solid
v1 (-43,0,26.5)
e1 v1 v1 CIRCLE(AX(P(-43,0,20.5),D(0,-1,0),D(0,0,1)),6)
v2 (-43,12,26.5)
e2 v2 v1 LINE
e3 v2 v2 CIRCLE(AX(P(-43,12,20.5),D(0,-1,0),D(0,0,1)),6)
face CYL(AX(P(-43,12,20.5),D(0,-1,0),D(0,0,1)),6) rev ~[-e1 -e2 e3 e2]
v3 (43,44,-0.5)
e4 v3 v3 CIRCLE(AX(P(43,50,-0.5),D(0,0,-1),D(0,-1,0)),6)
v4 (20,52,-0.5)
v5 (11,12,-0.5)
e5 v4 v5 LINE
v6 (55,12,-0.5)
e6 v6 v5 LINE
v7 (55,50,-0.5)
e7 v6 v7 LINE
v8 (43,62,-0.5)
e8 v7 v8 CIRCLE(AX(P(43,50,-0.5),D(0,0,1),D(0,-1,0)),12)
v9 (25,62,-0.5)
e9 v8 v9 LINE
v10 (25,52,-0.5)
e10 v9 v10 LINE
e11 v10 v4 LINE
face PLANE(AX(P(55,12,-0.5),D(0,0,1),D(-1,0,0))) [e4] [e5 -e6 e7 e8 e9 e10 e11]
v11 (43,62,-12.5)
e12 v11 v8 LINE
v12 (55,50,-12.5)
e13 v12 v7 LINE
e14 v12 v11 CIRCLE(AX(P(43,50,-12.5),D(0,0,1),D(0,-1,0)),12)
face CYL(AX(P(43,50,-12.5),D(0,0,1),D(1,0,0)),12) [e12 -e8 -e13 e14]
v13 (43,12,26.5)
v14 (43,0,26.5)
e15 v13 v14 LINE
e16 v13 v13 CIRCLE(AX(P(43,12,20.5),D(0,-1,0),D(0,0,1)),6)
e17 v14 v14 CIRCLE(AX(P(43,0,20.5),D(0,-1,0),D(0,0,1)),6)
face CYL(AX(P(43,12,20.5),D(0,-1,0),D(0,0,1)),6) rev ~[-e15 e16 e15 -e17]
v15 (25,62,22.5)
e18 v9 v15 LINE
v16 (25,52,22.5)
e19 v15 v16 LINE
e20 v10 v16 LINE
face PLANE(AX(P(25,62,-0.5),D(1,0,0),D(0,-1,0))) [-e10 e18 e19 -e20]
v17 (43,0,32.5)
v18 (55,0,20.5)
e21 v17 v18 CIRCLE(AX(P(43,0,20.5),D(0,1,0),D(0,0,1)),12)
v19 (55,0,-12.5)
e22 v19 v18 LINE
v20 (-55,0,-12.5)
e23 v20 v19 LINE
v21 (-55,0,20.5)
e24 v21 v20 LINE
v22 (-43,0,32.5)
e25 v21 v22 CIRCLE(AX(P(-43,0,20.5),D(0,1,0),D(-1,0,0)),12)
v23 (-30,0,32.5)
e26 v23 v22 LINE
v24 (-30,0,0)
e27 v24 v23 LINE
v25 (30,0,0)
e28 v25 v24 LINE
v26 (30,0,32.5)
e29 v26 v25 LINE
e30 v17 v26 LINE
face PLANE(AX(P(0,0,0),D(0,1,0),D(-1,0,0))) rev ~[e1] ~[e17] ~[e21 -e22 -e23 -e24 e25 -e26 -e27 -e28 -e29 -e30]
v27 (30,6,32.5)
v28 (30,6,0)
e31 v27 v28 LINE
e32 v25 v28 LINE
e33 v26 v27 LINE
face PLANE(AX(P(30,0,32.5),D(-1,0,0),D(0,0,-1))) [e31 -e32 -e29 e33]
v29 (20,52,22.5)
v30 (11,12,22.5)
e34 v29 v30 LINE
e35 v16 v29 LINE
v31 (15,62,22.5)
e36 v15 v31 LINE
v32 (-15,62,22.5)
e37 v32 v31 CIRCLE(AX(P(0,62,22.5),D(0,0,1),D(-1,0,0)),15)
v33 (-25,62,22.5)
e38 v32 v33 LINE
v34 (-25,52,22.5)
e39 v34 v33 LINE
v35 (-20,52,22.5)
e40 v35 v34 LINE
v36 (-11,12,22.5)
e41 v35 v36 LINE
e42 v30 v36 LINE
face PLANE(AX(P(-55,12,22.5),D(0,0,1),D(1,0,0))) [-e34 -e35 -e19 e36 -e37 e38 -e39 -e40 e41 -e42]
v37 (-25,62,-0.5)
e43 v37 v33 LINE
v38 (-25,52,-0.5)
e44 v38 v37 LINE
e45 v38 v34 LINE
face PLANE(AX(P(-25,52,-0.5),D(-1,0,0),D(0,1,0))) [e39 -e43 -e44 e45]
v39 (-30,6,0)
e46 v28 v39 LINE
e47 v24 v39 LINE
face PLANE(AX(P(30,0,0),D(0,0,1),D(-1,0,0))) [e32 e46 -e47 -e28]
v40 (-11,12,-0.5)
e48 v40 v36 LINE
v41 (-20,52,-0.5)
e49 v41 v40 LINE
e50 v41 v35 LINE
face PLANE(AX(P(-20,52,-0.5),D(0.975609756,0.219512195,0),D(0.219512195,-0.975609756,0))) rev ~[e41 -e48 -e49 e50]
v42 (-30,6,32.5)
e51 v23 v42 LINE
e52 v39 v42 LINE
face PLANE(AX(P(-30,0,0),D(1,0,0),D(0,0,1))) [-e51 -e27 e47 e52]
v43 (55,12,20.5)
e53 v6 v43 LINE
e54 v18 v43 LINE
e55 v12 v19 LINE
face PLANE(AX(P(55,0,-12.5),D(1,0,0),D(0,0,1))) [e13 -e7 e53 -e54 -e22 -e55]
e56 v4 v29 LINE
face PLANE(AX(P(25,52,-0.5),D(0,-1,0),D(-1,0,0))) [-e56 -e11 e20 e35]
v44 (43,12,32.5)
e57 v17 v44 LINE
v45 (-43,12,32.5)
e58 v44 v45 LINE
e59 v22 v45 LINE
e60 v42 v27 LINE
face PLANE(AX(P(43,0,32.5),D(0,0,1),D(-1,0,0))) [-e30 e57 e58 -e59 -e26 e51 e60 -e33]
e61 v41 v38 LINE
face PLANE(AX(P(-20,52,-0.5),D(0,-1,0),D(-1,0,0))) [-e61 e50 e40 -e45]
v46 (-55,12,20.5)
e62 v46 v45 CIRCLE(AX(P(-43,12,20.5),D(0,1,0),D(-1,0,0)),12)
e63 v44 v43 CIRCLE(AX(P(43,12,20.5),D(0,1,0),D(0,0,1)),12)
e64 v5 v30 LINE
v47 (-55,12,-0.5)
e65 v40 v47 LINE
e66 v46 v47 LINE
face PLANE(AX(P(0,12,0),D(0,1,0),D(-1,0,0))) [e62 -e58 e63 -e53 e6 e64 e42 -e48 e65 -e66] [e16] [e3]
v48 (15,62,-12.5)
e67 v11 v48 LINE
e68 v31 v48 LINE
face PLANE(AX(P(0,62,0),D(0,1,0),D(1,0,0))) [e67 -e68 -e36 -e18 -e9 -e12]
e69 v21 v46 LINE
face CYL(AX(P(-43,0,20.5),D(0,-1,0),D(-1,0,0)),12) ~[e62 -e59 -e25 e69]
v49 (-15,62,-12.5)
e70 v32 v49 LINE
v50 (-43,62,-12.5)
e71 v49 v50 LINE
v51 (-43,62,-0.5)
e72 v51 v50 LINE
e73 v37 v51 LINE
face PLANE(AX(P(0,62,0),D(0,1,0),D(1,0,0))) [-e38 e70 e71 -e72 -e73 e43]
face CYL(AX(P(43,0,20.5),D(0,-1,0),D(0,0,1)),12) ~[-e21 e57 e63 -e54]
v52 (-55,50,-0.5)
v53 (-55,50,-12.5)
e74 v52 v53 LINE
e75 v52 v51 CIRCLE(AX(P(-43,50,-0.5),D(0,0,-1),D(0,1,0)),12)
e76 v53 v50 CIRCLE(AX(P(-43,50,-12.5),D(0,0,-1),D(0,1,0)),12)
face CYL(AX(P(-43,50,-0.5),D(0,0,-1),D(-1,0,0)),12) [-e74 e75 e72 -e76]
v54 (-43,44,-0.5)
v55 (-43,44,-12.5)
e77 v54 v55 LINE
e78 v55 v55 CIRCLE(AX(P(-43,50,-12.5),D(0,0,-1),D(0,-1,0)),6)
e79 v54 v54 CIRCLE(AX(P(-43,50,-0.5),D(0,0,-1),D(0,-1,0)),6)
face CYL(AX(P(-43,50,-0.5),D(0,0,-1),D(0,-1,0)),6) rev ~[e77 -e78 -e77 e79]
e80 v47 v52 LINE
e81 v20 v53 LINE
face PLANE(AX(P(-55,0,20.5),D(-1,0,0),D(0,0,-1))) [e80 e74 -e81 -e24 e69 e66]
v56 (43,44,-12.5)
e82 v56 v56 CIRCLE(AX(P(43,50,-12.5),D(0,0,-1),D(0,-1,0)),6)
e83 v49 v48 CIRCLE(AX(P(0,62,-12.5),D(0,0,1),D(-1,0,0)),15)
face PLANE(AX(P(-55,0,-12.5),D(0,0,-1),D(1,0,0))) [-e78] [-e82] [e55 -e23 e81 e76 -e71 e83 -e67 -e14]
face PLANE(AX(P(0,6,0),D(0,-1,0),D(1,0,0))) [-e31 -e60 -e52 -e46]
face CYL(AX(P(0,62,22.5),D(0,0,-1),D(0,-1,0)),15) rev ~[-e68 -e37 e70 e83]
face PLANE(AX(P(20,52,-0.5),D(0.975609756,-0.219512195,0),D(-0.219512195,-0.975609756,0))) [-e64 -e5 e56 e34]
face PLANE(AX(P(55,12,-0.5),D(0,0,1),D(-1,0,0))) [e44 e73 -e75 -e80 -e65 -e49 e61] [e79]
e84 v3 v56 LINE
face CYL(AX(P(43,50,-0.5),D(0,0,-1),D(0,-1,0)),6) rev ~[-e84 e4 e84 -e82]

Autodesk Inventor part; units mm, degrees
ref_plane "YZ Plane" through (0, 0, 0) normal (1, 0, 0) x (0, 1, 0)
ref_plane "XZ Plane" through (0, 0, 0) normal (0, 1, 0) x (-1, 0, 0)
ref_plane "XY Plane" through (0, 0, 0) normal (0, 0, 1) x (1, 0, 0)
sketch "Szkic1" plane through (0, 0, 0) normal (0, 1, 0) x (-1, 0, 0)
  line L0 (55, -12.5) -> (-55, -12.5)
  line L1 (-55, -12.5) -> (-55, 20.5)
  line L2 (-43, 32.5) -> (43, 32.5)
  line L3 (55, 20.5) -> (55, -12.5)
  arc A0 (55, 20.5) -> (43, 32.5) centre (43, 20.5) ccw
  arc A1 (-43, 32.5) -> (-55, 20.5) centre (-43, 20.5) ccw
  point P0 (0, 0)
  point P1 (-55, 32.5)
  point P2 (55, 32.5)
  dimension "d0" = 110
  dimension "d1" = 45
  dimension "d2" = 12
extrude "Wyciągnięcie proste1" add sketch "Szkic1" along normal blind 12
sketch "Szkic2" plane through (0, 12, 0) normal (0, 1, 0) x (1, 0, 0)
  line L0 (55, 12.5) -> (-55, 12.5) projected
  line L1 (-55, 12.5) -> (55, 12.5)
  line L2 (55, 12.5) -> (55, 0.5)
  line L3 (55, 0.5) -> (-55, 0.5)
  line L4 (-55, 0.5) -> (-55, 12.5)
  point P0 (0, 0)
  dimension "d5" = 12
extrude "Wyciągnięcie proste2" add sketch "Szkic2" along normal blind 50
fillet "Zaokrąglenie1" radius 12 2 edges at (55, 62, -6.5) (-55, 62, -6.5)
sketch "Szkic3" plane through (-55, 12, -0.5) normal (0, 0, 1) x (1, 0, 0)
  line L0 (98, 50) -> (12, 50) projected
  line L1 (30, 50) -> (80, 50)
  line L2 (80, 50) -> (80, 40)
  line L3 (80, 40) -> (30, 40)
  line L4 (30, 40) -> (30, 50)
  line L5 (0, 0) -> (0, 38) projected
  line L6 (35, 40) -> (44, 0)
  line L7 (110, 0) -> (0, 0) projected
  line L8 (75, 40) -> (66, 0)
  line L9 (44, 0) -> (66, 0)
  line L10 (44, 0) -> (66, 0)
  line L11 (110, 0) -> (110, 38) projected
  point P0 (55, -12)
  point P1 (66, 0)
  dimension "d9" = 50
  dimension "d10" = 30
  dimension "d11" = 10
  dimension "d12" = 44
  dimension "d13" = 44
extrude "Wyciągnięcie proste3" add sketch "Szkic3" along normal blind 23
sketch "Szkic4" plane through (-55, 12, 22.5) normal (0, 0, 1) x (1, 0, 0)
  line L0 (98, 50) -> (12, 50) projected
  point P0 (55, -12)
  point P1 (55, 50)
hole "Otwór1" at (0, 62, 22.5) direction (0, 0, -1) diameter 30 end through all
sketch "Szkic5" plane through (-55, 12, -0.5) normal (0, 0, 1) x (1, 0, 0)
  arc A0 (12, 50) -> (0, 38) centre (12, 38) ccw projected
  arc A1 (110, 38) -> (98, 50) centre (98, 38) ccw projected
  point P0 (55, -12)
hole "Otwór2" at (-43, 50, -0.5) at (43, 50, -0.5) direction (0, 0, -1) diameter 12 end through all
sketch "Szkic6" plane through (0, 12, 0) normal (0, 1, 0) x (1, 0, 0)
  arc A0 (-55, -20.5) -> (-43, -32.5) centre (-43, -20.5) ccw projected
  arc A1 (43, -32.5) -> (55, -20.5) centre (43, -20.5) ccw projected
  point P0 (0, 0)
hole "Otwór3" at (-43, 12, 20.5) at (43, 12, 20.5) direction (0, -1, 0) diameter 12 end through all
sketch "Szkic7" plane through (0, 0, 0) normal (0, -1, 0) x (1, 0, 0)
  line L0 (-43, 32.5) -> (43, 32.5) projected
  line L1 (-30, 32.5) -> (30, 32.5)
  line L2 (30, 32.5) -> (30, 0)
  line L3 (30, 0) -> (-30, 0)
  line L4 (-30, 0) -> (-30, 32.5)
  point P0 (0, 0)
  dimension "d37" = 60
extrude "Wyciągnięcie proste4" cut sketch "Szkic7" against normal blind 6
